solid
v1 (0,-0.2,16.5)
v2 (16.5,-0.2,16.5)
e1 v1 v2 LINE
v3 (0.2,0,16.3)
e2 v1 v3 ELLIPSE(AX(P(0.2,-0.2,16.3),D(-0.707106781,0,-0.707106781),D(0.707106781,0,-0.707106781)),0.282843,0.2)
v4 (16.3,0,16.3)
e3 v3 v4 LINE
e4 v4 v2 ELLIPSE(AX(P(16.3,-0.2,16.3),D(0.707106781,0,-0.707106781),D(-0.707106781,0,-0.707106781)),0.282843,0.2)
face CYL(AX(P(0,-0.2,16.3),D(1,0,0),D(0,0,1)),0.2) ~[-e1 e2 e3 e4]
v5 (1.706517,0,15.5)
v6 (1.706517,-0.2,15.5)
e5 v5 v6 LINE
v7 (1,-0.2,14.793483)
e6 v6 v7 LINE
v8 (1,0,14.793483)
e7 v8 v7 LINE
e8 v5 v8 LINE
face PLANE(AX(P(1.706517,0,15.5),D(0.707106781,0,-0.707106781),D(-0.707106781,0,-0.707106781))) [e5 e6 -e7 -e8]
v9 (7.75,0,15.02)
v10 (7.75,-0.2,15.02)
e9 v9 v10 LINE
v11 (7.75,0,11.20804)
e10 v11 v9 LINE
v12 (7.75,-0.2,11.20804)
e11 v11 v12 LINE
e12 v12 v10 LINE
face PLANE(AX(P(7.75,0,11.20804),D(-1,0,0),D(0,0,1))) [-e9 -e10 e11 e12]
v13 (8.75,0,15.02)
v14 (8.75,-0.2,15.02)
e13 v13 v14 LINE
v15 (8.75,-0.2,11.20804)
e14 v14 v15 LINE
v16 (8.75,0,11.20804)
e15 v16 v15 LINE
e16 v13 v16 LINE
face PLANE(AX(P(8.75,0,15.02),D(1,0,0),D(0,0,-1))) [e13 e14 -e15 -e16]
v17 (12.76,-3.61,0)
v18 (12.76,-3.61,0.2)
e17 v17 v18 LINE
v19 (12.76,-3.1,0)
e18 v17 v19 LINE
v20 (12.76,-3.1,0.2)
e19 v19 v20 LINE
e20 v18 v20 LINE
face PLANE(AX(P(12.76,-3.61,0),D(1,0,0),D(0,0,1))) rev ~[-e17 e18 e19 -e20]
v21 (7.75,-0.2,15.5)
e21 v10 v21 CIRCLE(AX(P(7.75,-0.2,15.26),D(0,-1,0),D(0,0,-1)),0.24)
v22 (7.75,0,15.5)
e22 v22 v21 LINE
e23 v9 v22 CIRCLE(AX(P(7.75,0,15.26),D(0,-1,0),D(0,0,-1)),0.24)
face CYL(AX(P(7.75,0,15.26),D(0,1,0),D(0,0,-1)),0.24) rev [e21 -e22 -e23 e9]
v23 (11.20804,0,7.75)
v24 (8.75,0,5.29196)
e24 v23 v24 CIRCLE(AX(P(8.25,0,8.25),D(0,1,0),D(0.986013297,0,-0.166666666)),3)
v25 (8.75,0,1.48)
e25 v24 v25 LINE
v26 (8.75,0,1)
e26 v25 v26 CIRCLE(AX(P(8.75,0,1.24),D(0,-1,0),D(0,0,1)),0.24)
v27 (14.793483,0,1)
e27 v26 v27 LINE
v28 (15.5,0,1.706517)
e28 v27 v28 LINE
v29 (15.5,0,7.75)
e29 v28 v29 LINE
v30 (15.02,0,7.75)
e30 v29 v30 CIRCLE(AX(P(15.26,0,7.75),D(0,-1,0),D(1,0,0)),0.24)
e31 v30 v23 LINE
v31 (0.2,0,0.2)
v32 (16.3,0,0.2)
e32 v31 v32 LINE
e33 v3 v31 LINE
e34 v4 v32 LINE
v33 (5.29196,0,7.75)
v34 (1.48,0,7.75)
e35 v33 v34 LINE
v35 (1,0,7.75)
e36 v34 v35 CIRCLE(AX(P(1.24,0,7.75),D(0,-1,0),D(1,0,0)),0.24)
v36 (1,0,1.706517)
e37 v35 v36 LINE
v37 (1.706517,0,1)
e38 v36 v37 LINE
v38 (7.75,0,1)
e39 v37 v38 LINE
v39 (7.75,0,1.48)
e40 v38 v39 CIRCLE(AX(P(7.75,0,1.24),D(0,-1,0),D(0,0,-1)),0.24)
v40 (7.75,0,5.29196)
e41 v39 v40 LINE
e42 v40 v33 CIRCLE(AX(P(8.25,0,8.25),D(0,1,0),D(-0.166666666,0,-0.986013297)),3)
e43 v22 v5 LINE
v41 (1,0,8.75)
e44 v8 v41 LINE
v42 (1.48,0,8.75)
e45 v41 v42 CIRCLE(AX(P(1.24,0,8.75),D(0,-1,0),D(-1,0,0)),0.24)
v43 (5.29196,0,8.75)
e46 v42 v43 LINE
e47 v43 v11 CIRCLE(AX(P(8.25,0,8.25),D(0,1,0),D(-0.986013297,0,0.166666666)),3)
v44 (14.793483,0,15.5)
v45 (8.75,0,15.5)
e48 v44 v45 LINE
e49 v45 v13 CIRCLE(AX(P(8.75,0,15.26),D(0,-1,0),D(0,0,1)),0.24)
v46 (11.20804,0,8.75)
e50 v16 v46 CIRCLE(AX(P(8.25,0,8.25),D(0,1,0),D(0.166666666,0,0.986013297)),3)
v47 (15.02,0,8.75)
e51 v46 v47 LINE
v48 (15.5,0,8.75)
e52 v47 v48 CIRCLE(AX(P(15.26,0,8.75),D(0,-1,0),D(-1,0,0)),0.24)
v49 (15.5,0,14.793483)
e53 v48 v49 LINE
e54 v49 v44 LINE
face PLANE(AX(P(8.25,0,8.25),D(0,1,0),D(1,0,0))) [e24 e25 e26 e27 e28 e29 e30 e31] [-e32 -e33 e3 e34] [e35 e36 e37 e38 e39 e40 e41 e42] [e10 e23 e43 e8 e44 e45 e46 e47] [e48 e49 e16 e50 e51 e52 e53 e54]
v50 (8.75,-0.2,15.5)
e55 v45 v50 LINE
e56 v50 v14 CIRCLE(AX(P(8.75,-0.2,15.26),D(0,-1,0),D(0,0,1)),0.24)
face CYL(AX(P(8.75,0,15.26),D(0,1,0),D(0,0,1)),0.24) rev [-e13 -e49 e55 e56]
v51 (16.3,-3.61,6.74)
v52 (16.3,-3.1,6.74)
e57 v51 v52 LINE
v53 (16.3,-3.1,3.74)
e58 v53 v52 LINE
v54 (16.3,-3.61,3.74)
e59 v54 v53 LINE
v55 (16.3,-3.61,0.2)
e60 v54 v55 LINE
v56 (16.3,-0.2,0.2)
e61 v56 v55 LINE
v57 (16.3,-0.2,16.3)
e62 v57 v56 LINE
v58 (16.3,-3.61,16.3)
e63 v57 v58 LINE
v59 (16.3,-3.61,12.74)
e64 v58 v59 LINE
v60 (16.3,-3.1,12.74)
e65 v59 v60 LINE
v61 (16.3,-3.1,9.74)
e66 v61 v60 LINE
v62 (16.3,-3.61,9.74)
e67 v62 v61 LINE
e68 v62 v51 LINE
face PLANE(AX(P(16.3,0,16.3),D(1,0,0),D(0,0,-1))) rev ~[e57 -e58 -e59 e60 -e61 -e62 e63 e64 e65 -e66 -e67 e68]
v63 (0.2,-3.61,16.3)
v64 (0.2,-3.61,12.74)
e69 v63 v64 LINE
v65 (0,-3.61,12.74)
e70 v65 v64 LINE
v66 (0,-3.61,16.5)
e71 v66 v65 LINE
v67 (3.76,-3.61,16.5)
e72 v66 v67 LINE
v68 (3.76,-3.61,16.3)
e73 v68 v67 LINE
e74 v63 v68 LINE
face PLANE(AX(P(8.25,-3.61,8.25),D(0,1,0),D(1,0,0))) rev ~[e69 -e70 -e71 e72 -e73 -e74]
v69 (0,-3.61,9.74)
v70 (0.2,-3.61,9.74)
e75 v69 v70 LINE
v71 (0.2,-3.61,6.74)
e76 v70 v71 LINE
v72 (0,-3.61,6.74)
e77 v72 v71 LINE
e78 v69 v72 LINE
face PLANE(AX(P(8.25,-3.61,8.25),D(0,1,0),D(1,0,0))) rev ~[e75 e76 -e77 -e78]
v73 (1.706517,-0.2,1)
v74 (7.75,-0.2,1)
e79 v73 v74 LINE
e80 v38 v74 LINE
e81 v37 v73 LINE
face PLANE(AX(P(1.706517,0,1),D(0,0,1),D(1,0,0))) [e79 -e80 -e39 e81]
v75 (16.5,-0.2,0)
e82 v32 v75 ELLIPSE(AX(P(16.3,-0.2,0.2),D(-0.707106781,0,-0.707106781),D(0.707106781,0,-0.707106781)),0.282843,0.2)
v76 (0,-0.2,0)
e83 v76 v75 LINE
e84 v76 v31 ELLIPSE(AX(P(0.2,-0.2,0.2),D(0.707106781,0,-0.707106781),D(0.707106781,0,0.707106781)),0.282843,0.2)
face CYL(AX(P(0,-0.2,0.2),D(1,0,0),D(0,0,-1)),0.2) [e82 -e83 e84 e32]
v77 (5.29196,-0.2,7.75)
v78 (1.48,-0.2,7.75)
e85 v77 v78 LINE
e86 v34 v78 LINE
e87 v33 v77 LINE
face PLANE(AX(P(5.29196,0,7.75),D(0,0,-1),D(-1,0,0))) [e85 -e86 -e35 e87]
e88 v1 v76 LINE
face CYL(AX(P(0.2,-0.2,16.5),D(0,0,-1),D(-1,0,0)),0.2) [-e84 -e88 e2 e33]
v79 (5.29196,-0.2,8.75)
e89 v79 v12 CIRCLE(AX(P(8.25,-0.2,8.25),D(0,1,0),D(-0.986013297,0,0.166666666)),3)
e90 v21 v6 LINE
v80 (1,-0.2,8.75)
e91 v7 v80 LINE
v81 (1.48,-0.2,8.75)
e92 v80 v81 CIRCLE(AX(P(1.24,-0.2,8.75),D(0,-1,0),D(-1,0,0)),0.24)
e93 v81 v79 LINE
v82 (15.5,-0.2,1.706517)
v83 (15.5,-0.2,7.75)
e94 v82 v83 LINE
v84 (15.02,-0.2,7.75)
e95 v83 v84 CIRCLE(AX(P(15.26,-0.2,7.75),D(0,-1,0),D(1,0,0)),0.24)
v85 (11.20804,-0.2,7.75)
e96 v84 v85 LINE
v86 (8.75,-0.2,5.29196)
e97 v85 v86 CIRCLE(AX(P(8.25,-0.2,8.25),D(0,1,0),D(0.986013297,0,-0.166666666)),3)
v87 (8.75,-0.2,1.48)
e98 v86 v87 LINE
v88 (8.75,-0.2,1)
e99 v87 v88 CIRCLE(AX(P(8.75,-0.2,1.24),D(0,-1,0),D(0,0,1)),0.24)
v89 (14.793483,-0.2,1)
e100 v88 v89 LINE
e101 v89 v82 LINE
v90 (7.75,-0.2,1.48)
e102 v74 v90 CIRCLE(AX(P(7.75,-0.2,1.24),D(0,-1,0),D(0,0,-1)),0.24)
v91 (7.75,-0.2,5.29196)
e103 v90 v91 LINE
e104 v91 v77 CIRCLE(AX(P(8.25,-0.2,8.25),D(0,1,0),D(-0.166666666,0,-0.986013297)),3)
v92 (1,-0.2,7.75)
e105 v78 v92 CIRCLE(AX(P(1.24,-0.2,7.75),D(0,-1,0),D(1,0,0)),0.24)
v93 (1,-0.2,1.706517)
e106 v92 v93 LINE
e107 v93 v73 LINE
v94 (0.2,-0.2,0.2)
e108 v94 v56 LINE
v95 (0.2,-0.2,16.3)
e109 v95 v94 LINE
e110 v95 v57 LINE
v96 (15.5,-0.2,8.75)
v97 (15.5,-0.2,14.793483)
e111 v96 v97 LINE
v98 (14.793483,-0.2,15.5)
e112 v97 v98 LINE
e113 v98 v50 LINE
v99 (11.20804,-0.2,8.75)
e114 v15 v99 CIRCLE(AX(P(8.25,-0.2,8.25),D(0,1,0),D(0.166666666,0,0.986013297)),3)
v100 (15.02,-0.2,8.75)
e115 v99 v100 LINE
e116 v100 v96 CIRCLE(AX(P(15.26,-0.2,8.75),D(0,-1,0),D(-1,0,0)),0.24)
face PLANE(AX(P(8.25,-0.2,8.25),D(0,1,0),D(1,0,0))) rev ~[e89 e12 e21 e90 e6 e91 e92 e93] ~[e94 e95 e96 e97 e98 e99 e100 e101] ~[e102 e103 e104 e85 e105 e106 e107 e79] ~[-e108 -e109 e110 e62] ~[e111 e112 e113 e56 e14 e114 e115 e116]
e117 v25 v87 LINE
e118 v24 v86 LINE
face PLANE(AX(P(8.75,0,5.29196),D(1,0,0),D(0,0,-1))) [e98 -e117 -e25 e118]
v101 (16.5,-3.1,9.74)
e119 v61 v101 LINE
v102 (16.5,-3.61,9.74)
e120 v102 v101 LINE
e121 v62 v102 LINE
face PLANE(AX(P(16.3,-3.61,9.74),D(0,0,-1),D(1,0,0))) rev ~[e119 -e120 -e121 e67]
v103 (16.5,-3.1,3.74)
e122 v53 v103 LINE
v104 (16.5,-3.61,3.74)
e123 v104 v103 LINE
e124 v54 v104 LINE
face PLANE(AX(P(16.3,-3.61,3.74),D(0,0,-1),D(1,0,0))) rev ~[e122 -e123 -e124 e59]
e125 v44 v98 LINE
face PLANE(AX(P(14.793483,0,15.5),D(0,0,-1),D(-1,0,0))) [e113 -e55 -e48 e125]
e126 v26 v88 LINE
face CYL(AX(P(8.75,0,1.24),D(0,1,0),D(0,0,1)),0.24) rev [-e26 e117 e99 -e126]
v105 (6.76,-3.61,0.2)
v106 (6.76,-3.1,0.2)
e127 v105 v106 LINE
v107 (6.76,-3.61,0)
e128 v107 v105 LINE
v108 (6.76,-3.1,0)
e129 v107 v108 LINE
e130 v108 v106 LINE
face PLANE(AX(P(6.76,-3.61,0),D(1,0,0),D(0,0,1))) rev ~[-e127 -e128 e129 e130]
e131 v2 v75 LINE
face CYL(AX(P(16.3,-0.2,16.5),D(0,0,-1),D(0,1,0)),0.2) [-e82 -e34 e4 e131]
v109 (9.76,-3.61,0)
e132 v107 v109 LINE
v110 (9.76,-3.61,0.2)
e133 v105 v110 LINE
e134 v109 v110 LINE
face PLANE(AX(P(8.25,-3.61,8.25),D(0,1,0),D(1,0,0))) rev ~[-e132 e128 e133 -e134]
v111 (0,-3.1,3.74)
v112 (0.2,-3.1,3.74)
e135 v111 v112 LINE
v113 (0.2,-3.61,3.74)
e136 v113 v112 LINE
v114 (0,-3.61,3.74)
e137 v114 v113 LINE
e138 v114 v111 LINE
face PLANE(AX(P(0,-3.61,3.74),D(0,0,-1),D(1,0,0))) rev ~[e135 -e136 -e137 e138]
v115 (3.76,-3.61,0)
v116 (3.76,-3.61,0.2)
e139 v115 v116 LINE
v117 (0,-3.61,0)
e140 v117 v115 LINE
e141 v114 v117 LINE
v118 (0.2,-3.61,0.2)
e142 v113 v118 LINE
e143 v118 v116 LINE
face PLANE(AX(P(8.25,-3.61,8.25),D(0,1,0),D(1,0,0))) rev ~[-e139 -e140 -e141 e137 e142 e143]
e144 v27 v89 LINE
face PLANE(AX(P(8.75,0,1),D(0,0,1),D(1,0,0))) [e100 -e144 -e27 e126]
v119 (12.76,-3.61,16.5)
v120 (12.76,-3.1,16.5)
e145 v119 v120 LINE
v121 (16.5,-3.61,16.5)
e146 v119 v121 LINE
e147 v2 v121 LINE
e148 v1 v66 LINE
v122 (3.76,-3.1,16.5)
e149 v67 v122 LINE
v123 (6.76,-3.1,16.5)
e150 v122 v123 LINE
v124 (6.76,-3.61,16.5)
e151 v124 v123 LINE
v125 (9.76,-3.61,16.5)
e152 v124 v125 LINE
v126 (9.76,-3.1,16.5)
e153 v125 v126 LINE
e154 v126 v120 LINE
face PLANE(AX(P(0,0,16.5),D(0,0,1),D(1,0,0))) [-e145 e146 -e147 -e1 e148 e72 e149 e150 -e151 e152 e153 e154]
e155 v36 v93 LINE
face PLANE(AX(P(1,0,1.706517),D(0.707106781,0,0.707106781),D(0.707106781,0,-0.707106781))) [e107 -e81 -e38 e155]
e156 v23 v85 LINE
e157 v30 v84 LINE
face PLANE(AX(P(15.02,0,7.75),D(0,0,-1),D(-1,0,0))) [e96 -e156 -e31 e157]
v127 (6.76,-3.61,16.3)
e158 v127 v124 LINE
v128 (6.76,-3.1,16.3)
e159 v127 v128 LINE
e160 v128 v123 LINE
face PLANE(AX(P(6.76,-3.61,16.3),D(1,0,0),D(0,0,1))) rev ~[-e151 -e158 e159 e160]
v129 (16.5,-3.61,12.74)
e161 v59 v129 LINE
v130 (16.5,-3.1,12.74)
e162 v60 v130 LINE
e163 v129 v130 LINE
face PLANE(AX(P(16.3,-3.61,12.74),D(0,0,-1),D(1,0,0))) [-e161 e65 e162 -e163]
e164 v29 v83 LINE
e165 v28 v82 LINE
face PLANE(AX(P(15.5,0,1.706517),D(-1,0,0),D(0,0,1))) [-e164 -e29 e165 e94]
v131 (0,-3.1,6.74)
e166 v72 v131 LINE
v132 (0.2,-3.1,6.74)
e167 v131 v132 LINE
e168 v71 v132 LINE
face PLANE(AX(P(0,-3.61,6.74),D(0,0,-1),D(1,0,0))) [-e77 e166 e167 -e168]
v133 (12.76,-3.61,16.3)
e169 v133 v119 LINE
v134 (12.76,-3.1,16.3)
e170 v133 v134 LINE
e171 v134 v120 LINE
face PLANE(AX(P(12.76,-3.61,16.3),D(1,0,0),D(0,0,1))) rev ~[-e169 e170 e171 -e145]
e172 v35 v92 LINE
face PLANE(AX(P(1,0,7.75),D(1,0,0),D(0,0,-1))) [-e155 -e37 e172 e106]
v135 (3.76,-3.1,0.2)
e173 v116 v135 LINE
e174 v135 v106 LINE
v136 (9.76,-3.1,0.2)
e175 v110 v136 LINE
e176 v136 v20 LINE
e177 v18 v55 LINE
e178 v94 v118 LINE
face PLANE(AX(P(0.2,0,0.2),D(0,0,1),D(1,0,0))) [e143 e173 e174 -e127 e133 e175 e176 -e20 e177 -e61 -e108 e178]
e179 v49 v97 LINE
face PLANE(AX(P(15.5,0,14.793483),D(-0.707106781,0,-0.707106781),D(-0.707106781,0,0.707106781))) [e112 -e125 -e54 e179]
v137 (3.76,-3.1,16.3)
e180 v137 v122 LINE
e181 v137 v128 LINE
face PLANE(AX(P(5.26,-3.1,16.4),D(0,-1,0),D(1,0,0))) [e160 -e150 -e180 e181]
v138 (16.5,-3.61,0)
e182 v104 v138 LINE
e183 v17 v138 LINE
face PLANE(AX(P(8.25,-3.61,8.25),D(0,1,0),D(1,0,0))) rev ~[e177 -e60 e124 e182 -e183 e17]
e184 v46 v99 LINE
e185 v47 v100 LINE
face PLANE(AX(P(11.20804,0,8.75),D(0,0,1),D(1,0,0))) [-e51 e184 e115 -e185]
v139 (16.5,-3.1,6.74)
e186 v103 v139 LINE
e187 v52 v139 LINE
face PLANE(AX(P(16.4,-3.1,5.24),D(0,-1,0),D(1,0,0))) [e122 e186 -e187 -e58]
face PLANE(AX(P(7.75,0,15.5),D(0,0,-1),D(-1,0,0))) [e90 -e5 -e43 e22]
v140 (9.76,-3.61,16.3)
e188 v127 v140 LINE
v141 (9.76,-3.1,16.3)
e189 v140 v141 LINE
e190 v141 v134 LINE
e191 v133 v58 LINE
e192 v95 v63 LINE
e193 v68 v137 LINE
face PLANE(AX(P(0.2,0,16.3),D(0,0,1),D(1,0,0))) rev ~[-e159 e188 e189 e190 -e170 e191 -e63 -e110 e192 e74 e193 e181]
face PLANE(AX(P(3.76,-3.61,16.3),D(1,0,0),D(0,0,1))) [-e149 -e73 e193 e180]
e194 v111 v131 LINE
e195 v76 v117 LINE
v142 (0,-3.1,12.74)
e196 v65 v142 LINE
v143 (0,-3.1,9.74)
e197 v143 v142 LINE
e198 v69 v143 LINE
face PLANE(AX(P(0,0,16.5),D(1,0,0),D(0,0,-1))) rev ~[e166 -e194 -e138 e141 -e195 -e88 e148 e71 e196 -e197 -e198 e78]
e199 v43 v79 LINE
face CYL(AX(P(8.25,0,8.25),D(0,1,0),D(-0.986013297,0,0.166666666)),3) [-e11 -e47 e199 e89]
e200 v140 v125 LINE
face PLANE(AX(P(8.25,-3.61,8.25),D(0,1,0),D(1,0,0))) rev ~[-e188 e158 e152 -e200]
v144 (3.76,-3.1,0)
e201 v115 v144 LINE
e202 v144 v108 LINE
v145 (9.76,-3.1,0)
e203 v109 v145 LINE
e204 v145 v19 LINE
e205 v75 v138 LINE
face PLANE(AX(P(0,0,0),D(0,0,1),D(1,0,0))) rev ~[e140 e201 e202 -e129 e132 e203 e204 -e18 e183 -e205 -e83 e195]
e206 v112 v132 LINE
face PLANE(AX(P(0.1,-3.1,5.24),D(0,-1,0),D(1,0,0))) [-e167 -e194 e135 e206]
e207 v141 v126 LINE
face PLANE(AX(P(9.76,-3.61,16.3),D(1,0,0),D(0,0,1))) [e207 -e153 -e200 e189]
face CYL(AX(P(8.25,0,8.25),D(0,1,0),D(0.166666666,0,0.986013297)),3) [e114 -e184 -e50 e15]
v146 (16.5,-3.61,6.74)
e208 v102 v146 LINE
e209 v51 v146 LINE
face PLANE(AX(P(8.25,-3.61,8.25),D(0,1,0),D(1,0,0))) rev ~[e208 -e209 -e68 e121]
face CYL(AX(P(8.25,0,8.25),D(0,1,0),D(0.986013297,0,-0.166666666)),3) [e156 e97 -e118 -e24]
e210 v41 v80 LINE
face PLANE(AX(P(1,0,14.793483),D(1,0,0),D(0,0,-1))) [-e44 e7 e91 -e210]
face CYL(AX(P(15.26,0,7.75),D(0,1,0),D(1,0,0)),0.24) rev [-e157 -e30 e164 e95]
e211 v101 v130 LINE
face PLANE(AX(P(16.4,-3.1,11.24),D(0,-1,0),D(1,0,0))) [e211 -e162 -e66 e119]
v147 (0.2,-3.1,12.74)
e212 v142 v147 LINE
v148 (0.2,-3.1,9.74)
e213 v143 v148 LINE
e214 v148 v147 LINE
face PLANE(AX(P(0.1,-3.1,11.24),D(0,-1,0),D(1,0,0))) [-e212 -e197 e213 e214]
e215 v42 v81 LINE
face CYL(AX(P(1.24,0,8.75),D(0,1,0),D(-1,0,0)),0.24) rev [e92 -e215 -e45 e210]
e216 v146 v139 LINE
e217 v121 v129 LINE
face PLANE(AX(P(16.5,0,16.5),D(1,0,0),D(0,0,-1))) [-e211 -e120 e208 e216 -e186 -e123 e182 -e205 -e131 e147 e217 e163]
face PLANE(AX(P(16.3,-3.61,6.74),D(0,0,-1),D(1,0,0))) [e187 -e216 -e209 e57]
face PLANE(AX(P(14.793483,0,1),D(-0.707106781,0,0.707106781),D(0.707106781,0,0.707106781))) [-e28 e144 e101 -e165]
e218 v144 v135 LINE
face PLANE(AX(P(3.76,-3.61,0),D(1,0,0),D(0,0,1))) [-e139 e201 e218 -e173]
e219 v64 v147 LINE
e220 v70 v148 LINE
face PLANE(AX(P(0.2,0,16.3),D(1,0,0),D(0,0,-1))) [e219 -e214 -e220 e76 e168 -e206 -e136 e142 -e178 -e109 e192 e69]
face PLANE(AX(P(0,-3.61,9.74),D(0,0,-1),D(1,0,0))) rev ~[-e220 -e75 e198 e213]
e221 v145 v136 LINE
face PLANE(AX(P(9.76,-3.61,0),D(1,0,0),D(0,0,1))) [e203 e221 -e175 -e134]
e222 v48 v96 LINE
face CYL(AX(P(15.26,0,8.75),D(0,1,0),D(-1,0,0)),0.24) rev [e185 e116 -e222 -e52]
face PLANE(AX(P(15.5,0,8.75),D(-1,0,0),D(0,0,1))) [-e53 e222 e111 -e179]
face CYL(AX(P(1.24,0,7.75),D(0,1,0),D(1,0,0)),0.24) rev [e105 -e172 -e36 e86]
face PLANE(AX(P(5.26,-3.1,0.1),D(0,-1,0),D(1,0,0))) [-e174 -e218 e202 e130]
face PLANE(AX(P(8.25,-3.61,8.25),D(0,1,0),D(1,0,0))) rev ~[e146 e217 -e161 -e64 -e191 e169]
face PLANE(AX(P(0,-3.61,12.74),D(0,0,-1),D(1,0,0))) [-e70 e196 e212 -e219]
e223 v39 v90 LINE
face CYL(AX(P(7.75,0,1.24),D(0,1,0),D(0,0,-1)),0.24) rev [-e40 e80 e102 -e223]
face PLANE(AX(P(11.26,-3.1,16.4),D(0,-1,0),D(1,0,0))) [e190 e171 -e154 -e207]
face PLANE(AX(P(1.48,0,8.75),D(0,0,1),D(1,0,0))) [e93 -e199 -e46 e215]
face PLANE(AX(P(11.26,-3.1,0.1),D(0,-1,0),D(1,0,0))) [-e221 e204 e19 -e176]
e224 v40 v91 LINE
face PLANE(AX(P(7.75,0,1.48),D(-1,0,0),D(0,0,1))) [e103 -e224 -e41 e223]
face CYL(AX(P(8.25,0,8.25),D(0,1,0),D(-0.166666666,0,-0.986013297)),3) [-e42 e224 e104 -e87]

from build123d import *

# Parameters (mm, degrees)
SKETCH_1_W          = 16.1
SKETCH_1_H          = 16.1
EXTRUDE_1_DEPTH     = 0.2
SKETCH_2_W          = 16.5
SKETCH_2_H          = 16.5
SKETCH_2_W_2        = 16.1
SKETCH_2_H_2        = 16.1
EXTRUDE_2_DEPTH     = 3.61
FILLET_1_R          = 0.2
SKETCH_3_W          = 0.2
SKETCH_3_H          = 3
SKETCH_3_W_2        = 3
SKETCH_3_H_2        = 0.2
CUT_EXTRUDE_1_DEPTH = 0.51


with BuildPart() as part:
    # 草图1 → 凸台-拉伸1 (new body)
    with BuildSketch(Plane(origin=(0, 0, 0), x_dir=(1, 0, 0), z_dir=(0, 1, 0))):
        with Locations((8.25, -8.25)):
            Rectangle(SKETCH_1_W, SKETCH_1_H)
        with BuildLine():
            Line((1.706516818, -15.5), (1, -14.793483182))
            Line((1, -14.793483182), (1, -8.75))
            ThreePointArc((1, -8.75), (1.24, -8.51), (1.48, -8.75))
            Line((1.48, -8.75), (5.291960108, -8.75))
            ThreePointArc((5.291960108, -8.75), (6.128679656, -10.371320344), (7.75, -11.208039892))
            Line((7.75, -11.208039892), (7.75, -15.02))
            ThreePointArc((7.75, -15.02), (7.99, -15.26), (7.75, -15.5))
            Line((7.75, -15.5), (1.706516818, -15.5))
        make_face(mode=Mode.SUBTRACT)
        with BuildLine():
            Line((5.291960108, -7.75), (1.48, -7.75))
            ThreePointArc((1.48, -7.75), (1.24, -7.99), (1, -7.75))
            Line((1, -7.75), (1, -1.706516818))
            Line((1, -1.706516818), (1.706516818, -1))
            Line((1.706516818, -1), (7.75, -1))
            ThreePointArc((7.75, -1), (7.99, -1.24), (7.75, -1.48))
            Line((7.75, -1.48), (7.75, -5.291960108))
            ThreePointArc((7.75, -5.291960108), (6.128679656, -6.128679656), (5.291960108, -7.75))
        make_face(mode=Mode.SUBTRACT)
        with BuildLine():
            Line((8.75, -1), (14.793483182, -1))
            Line((14.793483182, -1), (15.5, -1.706516818))
            Line((15.5, -1.706516818), (15.5, -7.75))
            ThreePointArc((15.5, -7.75), (15.26, -7.99), (15.02, -7.75))
            Line((15.02, -7.75), (11.208039892, -7.75))
            ThreePointArc((11.208039892, -7.75), (10.371320344, -6.128679656), (8.75, -5.291960108))
            Line((8.75, -5.291960108), (8.75, -1.48))
            ThreePointArc((8.75, -1.48), (8.51, -1.24), (8.75, -1))
        make_face(mode=Mode.SUBTRACT)
        with BuildLine():
            Line((15.5, -8.75), (15.5, -14.793483182))
            Line((15.5, -14.793483182), (14.793483182, -15.5))
            Line((14.793483182, -15.5), (8.75, -15.5))
            ThreePointArc((8.75, -15.5), (8.51, -15.26), (8.75, -15.02))
            Line((8.75, -15.02), (8.75, -11.208039892))
            ThreePointArc((8.75, -11.208039892), (10.371320344, -10.371320344), (11.208039892, -8.75))
            Line((11.208039892, -8.75), (15.02, -8.75))
            ThreePointArc((15.02, -8.75), (15.26, -8.51), (15.5, -8.75))
        make_face(mode=Mode.SUBTRACT)
    extrude(amount=-EXTRUDE_1_DEPTH)

    # 草图2 → 凸台-拉伸2 (add)
    with BuildSketch(Plane(origin=(0, 0, 0), x_dir=(1, 0, 0), z_dir=(0, 1, 0))):
        with Locations((8.25, -8.25)):
            Rectangle(SKETCH_2_W, SKETCH_2_H)
        with Locations((8.25, -8.25)):
            Rectangle(SKETCH_2_W_2, SKETCH_2_H_2, mode=Mode.SUBTRACT)
    extrude(amount=-EXTRUDE_2_DEPTH)

    # 圆角1
    fillet_1_edges = [part.edges().sort_by_distance(p)[0] for p in [
        (16.5, 0, 8.25),
        (8.25, 0, 0),
        (0, 0, 8.25),
        (8.25, 0, 16.5),
    ]]
    fillet(fillet_1_edges, radius=FILLET_1_R)

    # 草图3 → 切除-拉伸1 (cut)
    with BuildSketch(Plane.XZ.offset(3.61)):
        with Locations((0.1, 11.24)):
            Rectangle(SKETCH_3_W, SKETCH_3_H)
        with Locations((0.1, 5.24)):
            Rectangle(SKETCH_3_W, SKETCH_3_H)
        with Locations((16.4, 11.24)):
            Rectangle(SKETCH_3_W, SKETCH_3_H)
        with Locations((16.4, 5.24)):
            Rectangle(SKETCH_3_W, SKETCH_3_H)
        with Locations((5.26, 16.4)):
            Rectangle(SKETCH_3_W_2, SKETCH_3_H_2)
        with Locations((11.26, 16.4)):
            Rectangle(SKETCH_3_W_2, SKETCH_3_H_2)
        with Locations((11.26, 0.1)):
            Rectangle(SKETCH_3_W_2, SKETCH_3_H_2)
        with Locations((5.26, 0.1)):
            Rectangle(SKETCH_3_W_2, SKETCH_3_H_2)
    extrude(amount=-CUT_EXTRUDE_1_DEPTH, mode=Mode.SUBTRACT)


solid = part.part
